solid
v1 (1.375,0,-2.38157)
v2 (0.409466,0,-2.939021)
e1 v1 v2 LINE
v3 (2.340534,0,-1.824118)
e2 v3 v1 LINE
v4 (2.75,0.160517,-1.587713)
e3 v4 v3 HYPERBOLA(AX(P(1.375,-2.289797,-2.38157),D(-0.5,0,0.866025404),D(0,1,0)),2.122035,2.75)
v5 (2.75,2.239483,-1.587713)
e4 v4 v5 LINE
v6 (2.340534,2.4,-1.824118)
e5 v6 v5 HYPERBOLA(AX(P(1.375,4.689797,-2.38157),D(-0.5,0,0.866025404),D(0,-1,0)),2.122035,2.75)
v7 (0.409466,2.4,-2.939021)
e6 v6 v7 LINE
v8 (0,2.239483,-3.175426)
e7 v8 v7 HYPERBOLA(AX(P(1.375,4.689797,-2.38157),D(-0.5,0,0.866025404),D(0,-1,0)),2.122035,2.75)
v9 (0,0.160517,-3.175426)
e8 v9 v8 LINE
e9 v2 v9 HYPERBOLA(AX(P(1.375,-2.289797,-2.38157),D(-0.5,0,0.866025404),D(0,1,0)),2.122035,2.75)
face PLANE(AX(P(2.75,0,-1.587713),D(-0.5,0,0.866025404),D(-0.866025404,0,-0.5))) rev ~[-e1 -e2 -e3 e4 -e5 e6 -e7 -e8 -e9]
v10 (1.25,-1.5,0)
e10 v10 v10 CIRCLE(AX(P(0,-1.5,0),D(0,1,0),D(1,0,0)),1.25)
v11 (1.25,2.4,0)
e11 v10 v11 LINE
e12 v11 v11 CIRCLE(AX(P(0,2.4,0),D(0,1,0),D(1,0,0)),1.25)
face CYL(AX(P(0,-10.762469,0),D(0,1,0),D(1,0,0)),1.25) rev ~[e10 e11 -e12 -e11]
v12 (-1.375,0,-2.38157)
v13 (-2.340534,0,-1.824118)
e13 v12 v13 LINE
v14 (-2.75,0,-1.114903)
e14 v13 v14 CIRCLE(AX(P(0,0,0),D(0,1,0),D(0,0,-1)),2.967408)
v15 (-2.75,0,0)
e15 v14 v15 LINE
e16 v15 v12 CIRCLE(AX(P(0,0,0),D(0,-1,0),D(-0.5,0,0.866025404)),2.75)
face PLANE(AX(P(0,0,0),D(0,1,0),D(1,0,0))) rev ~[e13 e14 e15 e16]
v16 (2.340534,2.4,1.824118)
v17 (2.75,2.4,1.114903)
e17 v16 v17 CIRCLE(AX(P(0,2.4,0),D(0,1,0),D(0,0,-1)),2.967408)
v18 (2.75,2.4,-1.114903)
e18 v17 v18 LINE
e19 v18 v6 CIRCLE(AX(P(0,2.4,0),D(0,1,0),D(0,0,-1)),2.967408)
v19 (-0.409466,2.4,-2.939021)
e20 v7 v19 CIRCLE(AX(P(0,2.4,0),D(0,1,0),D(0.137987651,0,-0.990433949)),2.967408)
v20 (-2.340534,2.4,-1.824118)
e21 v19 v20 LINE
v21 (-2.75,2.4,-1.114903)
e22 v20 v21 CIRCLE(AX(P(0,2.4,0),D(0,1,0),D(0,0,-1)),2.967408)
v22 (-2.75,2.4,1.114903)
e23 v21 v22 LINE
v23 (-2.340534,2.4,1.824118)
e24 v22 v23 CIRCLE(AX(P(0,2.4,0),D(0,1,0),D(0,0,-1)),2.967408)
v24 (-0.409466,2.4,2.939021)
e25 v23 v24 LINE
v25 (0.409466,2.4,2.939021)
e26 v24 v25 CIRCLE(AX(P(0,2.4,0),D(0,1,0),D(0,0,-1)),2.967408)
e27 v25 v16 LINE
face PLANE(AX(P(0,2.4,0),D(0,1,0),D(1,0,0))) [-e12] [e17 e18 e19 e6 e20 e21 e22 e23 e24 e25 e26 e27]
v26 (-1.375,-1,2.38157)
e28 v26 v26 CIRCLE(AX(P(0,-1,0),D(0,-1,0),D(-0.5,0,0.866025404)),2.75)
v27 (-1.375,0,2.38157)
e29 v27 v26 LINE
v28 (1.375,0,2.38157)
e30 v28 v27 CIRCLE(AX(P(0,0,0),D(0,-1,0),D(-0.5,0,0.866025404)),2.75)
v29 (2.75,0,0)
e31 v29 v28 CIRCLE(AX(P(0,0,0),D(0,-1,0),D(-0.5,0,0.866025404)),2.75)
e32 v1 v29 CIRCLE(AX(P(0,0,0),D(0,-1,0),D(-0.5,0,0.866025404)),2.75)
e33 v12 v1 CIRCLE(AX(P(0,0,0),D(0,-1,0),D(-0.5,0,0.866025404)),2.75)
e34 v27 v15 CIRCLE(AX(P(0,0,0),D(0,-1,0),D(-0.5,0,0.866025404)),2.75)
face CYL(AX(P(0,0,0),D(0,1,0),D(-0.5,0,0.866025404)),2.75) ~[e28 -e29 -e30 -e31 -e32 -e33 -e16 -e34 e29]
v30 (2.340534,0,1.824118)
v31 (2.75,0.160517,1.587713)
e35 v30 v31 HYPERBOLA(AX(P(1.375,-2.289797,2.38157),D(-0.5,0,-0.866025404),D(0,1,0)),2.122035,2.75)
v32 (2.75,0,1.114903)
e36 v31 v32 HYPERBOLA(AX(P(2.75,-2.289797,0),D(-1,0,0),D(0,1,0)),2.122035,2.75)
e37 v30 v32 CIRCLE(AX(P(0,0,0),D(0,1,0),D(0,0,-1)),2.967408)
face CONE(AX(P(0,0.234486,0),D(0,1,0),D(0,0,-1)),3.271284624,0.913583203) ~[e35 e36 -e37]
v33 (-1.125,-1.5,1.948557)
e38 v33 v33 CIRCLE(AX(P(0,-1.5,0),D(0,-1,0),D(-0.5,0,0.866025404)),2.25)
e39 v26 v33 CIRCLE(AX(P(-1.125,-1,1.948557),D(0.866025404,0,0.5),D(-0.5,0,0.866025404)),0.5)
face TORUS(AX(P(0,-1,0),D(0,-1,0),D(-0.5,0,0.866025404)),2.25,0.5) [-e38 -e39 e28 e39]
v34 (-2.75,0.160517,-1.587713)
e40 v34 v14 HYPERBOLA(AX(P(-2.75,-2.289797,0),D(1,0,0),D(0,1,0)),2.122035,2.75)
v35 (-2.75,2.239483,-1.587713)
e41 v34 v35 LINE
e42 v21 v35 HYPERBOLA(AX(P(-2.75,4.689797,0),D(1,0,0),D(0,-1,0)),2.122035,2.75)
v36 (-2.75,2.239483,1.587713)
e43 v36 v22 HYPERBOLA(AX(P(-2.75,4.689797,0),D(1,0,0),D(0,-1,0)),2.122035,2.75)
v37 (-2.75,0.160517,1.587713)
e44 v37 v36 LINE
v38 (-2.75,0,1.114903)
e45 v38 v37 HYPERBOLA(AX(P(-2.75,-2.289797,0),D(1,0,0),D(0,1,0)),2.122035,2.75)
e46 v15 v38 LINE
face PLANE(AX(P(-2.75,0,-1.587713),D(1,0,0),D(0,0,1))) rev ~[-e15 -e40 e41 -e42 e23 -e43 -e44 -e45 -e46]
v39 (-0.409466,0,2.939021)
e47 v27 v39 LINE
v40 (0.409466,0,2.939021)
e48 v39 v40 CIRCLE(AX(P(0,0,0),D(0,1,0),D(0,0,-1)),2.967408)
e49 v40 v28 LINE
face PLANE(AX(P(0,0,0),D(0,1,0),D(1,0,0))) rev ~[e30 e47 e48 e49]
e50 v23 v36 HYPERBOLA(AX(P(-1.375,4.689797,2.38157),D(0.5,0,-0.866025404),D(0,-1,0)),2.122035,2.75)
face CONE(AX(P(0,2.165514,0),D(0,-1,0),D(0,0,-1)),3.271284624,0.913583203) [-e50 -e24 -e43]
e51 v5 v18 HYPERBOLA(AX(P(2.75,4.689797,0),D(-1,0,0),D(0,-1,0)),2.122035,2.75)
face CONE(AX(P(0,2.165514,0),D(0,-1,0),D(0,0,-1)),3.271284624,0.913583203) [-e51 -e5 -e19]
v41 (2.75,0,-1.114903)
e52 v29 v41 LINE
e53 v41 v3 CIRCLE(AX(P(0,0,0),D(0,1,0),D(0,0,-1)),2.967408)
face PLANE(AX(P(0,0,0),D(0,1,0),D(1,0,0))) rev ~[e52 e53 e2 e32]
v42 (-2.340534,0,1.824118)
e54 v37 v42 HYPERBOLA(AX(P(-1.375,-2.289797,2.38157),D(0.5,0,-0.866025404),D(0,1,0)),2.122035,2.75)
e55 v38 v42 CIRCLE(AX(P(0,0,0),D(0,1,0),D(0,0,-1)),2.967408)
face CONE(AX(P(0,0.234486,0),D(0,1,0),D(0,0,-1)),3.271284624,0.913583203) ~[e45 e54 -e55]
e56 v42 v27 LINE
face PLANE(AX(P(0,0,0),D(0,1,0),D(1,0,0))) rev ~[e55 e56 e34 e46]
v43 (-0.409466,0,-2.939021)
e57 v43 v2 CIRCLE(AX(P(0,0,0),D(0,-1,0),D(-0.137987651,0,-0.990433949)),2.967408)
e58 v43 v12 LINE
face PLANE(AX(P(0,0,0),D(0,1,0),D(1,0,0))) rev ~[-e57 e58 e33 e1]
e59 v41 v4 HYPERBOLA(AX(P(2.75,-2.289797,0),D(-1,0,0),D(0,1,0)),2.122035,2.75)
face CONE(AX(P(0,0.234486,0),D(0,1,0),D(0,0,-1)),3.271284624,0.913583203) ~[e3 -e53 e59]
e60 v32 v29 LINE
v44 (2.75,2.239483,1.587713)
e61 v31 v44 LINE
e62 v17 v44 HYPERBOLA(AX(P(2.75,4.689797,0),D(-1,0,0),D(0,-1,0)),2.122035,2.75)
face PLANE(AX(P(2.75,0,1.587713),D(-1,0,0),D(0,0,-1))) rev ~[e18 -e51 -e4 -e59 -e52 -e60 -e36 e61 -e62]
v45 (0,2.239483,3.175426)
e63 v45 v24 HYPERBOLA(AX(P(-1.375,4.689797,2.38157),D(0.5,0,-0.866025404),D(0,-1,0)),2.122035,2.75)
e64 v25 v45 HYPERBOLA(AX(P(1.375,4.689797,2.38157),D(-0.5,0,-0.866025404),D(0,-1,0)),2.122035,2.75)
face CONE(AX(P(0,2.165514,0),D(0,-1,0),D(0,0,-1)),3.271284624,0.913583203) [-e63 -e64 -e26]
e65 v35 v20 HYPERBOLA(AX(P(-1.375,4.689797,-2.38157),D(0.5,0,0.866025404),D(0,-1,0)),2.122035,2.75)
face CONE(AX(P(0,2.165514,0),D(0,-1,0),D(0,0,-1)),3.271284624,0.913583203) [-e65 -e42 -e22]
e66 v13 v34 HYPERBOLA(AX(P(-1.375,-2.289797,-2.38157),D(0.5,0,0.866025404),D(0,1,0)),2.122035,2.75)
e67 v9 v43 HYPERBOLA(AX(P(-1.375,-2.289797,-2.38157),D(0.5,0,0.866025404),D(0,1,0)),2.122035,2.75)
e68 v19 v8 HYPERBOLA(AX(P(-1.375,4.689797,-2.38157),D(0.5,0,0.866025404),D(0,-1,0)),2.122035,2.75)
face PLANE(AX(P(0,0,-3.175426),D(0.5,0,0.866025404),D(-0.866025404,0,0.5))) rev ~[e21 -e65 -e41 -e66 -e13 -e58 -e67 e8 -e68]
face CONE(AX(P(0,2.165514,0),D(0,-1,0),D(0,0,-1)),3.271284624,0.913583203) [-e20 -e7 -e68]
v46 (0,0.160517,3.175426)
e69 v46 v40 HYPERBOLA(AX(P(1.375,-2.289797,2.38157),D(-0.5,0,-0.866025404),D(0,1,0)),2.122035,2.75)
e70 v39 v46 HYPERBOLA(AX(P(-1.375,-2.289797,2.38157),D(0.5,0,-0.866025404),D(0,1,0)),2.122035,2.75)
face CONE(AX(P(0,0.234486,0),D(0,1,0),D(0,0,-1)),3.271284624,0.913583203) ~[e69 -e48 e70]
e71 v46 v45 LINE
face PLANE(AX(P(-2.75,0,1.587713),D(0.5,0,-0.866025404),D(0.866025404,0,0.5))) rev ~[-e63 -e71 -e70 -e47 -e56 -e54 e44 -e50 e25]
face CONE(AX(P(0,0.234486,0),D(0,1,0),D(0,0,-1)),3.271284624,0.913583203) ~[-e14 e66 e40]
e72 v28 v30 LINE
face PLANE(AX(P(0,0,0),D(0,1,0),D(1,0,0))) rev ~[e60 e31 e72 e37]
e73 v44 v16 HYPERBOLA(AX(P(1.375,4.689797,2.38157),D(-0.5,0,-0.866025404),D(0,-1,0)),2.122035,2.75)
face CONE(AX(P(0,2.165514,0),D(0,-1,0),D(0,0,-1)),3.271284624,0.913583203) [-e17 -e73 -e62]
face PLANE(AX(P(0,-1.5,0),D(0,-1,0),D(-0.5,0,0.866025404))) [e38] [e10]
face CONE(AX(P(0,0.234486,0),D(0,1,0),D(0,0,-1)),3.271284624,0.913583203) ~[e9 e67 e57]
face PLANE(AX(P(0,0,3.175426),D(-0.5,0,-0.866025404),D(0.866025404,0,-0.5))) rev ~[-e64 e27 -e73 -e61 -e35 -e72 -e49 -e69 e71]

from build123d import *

# Parameters (mm, degrees)
EXTRUDE_1_DEPTH    = 2.4
SKETCH_2_R         = 2.75
EXTRUDE_2_DEPTH    = 1.5
FILLET_1_R         = 0.5
HOLE_WIZARD_M3_1_D = 2.5


with BuildPart() as part:
    # 草图1 → 凸台-拉伸1 (new body)
    with BuildSketch(Plane(origin=(0, 0, 0), x_dir=(1, 0, 0), z_dir=(0, 1, 0))):
        Polygon((0, 3.175426481), (-2.75, 1.58771324), (-2.75, -1.58771324), (0, -3.175426481), (2.75, -1.58771324), (2.75, 1.58771324), align=None)
    extrude(amount=EXTRUDE_1_DEPTH)

    # 草图2 → 凸台-拉伸2 (add)
    with BuildSketch(Plane.XZ):
        with Locations(Location((0, 0, 0), (0, 0, 120))):
            Circle(SKETCH_2_R)
    extrude(amount=EXTRUDE_2_DEPTH)

    # 圆角1
    fillet_1_edges = [part.edges().sort_by_distance(p)[0] for p in [
        (1.375, -1.5, -2.38156986),
    ]]
    fillet(fillet_1_edges, radius=FILLET_1_R)

    # M3 螺纹孔1 (through all)
    with Locations(Plane(origin=(0, -1.5, 0), x_dir=(-1, 0, 0), z_dir=(0, -1, 0))):
        with Locations((0, 0)):
            Hole(HOLE_WIZARD_M3_1_D / 2)

    # 草图7 → 切除-旋转2 (revolve, cut)
    with BuildSketch(Plane(origin=(0, 0, 0), x_dir=(0, 0, -1), z_dir=(1, 0, 0)), mode=Mode.PRIVATE) as cut_revolve_2_sk:
        Polygon((-3.271284624, 2.165513719), (-2.967407764, 2.4), (-3.334569784, 2.4), align=None)
        Polygon((-3.334569784, 0), (-3.271284624, 0.234486281), (-2.967407764, 0), align=None)
    revolve(cut_revolve_2_sk.sketch.rotate(Axis((0, 0, 0), (0, 1, 0)), 180), axis=Axis((0, 0, 0), (0, 1, 0)), mode=Mode.SUBTRACT)


solid = part.part
